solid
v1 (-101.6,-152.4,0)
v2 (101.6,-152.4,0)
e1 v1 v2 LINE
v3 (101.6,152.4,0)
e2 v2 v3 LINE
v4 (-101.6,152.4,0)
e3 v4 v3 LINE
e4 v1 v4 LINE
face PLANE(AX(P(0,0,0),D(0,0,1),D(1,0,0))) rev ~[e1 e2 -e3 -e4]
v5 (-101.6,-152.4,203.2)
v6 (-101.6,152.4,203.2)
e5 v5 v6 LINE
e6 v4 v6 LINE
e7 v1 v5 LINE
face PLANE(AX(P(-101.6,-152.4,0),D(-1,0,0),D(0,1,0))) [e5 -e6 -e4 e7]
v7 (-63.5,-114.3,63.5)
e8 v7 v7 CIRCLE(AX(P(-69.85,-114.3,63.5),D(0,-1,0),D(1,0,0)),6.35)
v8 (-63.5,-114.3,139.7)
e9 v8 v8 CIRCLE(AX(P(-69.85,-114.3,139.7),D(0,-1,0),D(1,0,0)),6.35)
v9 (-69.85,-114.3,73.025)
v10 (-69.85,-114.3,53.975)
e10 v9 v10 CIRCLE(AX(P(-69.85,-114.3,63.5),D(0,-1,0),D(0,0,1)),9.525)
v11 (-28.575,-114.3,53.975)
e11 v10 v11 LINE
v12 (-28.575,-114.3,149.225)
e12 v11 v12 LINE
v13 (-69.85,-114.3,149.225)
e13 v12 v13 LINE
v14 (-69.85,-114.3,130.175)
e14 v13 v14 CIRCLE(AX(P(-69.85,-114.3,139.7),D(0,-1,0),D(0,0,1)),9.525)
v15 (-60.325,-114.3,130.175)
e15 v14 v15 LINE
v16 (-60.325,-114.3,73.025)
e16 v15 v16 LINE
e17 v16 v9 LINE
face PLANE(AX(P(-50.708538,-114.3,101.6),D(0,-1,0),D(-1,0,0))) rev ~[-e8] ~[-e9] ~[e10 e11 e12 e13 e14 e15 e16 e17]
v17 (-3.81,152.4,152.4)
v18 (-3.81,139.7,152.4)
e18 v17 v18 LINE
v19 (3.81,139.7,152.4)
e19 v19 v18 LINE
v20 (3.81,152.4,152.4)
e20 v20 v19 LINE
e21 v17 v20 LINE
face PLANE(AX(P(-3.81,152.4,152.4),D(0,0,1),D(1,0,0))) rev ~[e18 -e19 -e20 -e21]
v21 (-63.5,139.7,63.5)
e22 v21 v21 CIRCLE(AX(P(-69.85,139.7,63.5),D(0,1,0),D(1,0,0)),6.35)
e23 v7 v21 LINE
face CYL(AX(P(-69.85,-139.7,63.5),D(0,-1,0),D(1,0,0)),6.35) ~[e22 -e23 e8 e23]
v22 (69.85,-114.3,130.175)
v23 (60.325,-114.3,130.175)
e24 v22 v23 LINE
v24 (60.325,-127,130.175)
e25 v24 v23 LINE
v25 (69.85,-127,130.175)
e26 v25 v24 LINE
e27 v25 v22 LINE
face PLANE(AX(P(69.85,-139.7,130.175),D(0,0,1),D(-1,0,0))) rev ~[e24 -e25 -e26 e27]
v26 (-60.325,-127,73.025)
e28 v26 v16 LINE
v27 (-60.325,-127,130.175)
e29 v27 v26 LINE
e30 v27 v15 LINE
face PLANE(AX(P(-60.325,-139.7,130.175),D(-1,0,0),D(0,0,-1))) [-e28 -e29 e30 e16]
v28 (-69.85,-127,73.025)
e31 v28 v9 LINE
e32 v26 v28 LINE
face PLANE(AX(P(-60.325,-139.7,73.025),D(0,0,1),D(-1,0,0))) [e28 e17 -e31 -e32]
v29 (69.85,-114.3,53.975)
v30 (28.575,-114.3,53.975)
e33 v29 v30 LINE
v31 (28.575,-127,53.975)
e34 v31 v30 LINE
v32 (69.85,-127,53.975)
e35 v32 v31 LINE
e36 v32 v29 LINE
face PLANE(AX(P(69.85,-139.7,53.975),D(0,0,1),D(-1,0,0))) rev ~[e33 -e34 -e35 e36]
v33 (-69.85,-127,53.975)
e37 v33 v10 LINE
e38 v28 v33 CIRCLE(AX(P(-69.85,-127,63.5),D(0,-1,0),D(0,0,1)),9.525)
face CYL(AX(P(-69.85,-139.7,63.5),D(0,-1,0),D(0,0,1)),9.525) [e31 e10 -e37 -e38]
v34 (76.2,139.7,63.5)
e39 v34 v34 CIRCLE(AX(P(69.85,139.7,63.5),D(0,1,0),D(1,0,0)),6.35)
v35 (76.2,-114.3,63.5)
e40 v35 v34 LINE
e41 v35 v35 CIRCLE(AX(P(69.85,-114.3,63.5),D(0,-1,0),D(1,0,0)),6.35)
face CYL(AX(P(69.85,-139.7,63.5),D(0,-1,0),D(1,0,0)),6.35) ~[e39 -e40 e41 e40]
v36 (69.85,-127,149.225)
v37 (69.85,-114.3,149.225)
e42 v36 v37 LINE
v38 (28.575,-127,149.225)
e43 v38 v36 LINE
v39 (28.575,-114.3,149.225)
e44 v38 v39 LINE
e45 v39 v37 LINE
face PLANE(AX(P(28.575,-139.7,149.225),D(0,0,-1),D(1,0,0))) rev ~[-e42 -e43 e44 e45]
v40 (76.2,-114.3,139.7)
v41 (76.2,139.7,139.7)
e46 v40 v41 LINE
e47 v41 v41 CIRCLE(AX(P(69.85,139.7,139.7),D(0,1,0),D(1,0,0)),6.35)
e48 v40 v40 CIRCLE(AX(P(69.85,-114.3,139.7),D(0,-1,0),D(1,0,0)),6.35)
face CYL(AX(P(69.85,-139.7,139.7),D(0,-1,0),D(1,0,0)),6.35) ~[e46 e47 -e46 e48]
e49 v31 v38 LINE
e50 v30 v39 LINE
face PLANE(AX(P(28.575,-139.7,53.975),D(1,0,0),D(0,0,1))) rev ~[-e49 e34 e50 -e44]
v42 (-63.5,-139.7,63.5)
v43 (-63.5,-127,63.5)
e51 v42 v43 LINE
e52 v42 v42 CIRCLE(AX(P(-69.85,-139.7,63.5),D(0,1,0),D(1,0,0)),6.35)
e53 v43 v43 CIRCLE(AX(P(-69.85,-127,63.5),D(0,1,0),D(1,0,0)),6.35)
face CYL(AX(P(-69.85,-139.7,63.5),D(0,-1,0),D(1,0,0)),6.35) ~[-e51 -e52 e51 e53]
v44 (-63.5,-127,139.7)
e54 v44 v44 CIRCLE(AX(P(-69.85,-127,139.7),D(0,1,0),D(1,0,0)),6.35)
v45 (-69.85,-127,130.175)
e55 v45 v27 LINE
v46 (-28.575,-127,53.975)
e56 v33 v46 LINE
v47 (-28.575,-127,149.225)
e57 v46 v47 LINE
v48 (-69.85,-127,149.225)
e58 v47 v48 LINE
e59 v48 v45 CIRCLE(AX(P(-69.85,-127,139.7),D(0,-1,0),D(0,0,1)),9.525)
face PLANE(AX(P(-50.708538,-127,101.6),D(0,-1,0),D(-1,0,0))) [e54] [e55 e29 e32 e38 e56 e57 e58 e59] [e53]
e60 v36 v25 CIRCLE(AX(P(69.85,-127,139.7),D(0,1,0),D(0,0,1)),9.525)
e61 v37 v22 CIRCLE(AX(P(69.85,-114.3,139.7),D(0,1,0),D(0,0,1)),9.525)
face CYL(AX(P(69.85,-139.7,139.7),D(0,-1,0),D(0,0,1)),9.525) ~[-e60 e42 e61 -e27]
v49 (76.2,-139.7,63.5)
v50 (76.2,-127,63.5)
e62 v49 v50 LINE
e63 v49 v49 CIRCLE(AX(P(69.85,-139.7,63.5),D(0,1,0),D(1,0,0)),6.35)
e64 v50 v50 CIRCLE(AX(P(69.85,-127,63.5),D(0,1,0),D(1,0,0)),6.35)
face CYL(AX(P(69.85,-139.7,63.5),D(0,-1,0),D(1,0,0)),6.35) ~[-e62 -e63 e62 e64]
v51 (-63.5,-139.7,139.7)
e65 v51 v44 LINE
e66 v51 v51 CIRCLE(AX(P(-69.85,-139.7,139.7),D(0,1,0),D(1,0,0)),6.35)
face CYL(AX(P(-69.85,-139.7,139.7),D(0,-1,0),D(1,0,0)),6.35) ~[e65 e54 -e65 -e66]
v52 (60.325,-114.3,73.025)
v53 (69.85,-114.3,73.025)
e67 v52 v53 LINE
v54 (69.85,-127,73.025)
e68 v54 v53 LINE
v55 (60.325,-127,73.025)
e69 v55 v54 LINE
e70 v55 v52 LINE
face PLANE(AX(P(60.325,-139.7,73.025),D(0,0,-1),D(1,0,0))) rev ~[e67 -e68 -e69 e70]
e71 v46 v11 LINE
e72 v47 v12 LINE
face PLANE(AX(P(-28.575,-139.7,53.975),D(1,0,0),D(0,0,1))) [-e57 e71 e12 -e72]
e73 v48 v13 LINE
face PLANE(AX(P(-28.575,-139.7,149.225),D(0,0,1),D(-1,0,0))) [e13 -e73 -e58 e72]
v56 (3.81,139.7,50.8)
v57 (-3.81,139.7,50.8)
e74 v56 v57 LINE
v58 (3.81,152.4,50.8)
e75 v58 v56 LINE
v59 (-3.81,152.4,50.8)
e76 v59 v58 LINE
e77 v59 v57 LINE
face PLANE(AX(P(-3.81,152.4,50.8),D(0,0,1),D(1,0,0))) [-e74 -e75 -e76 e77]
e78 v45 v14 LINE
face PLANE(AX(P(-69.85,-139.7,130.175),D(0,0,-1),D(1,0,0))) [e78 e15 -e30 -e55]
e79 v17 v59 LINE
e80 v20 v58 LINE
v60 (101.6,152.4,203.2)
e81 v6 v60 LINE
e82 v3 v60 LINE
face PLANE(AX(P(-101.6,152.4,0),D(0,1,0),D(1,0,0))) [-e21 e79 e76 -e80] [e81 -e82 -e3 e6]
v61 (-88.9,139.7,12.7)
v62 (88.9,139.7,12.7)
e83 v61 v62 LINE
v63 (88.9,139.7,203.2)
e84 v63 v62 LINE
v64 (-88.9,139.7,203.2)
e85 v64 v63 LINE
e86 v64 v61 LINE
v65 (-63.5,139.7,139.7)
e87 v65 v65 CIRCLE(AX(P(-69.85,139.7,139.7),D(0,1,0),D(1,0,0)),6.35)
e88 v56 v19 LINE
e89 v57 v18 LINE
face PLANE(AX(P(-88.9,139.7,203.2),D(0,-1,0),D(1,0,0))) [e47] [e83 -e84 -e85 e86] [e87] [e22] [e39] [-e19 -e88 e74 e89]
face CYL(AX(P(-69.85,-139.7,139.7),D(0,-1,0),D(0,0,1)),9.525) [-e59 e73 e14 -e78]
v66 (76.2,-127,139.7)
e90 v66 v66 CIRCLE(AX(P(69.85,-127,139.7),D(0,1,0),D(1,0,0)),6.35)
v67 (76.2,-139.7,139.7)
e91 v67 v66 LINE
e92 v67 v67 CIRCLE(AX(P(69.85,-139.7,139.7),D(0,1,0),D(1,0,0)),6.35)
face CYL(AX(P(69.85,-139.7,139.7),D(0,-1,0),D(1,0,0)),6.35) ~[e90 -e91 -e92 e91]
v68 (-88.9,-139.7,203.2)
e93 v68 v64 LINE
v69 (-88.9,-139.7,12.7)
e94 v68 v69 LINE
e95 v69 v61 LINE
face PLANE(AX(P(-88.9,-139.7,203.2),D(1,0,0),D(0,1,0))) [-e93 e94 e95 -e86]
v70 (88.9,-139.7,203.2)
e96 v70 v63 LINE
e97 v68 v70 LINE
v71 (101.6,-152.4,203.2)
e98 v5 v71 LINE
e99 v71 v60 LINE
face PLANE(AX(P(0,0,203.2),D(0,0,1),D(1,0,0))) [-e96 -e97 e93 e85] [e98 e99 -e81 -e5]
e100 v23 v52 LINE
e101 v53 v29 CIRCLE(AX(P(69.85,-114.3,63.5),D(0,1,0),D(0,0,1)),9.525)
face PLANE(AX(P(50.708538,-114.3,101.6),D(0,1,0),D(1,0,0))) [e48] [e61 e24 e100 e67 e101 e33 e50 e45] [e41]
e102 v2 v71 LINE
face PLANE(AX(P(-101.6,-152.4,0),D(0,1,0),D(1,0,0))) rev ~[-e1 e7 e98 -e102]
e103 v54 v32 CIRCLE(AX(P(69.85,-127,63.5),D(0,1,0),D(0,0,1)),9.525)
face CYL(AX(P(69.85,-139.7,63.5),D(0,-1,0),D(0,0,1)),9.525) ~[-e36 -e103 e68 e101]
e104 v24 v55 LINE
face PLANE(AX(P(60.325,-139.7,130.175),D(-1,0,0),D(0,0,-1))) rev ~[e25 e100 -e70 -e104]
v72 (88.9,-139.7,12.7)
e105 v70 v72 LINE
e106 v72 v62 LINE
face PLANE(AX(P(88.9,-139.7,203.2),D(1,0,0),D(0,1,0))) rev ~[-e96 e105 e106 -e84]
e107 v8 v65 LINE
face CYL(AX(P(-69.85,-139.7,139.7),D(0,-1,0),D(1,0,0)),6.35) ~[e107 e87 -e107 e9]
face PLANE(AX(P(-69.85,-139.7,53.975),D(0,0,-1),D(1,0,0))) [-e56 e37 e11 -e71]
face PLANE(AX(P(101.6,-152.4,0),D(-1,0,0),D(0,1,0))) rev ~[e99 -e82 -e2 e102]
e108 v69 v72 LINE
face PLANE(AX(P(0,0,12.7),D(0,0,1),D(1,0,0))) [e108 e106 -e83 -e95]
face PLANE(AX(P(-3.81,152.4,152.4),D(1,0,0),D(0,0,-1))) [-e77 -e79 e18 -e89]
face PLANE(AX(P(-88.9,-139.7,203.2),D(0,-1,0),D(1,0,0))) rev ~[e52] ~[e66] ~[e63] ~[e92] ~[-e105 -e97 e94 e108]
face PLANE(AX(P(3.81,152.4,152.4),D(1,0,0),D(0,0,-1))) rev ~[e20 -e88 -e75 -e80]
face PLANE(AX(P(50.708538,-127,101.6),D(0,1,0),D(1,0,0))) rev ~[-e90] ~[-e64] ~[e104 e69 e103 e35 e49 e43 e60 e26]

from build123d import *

# Parameters (mm, degrees)
SKETCH1_W           = 203.2
SKETCH1_H           = 304.8
BOSS_EXTRUDE1_DEPTH = 203.2
SKETCH2_W           = 177.8
SKETCH2_H           = 279.4
CUT_EXTRUDE1_DEPTH  = 190.5
SKETCH3_W           = 7.62
SKETCH3_H           = 101.6
CUT_EXTRUDE2_DEPTH  = 190.5
SKETCH4_R           = 6.35
BOSS_EXTRUDE2_DEPTH = 279.4
BOSS_EXTRUDE3_DEPTH = 25.4
CUT_EXTRUDE3_DEPTH  = 12.7
SKETCH4_2_R         = 6.35
BOSS_EXTRUDE5_DEPTH = 12.7


with BuildPart() as part:
    # Sketch1 → Boss-Extrude1 (new body)
    with BuildSketch(Plane.XY):
        Rectangle(SKETCH1_W, SKETCH1_H)
    extrude(amount=BOSS_EXTRUDE1_DEPTH)

    # Sketch2 → Cut-Extrude1 (cut)
    with BuildSketch(Plane.XY.offset(203.2)):
        Rectangle(SKETCH2_W, SKETCH2_H)
    extrude(amount=-CUT_EXTRUDE1_DEPTH, mode=Mode.SUBTRACT)

    # Sketch3 → Cut-Extrude2 (cut)
    with BuildSketch(Plane(origin=(0, 152.4, 0), x_dir=(1, 0, 0), z_dir=(0, 1, 0))):
        with Locations((0, -101.6)):
            Rectangle(SKETCH3_W, SKETCH3_H)
    extrude(amount=-CUT_EXTRUDE2_DEPTH, mode=Mode.SUBTRACT)

    # Sketch4 → Boss-Extrude2 (add)
    with BuildSketch(Plane(origin=(0, -139.7, 0), x_dir=(1, 0, 0), z_dir=(0, 1, 0))):
        with Locations((-69.85, -63.5)):
            Circle(SKETCH4_R)
        with Locations((69.85, -63.5)):
            Circle(SKETCH4_R)
        with Locations((69.85, -139.7)):
            Circle(SKETCH4_R)
        with Locations((-69.85, -139.7)):
            Circle(SKETCH4_R)
    extrude(amount=BOSS_EXTRUDE2_DEPTH)

    # Sketch7 → Boss-Extrude3 (add)
    with BuildSketch(Plane(origin=(0, -139.7, 0), x_dir=(1, 0, 0), z_dir=(0, 1, 0))):
        with BuildLine():
            Line((-69.85, -53.975), (-60.325, -53.975))
            Line((-60.325, -53.975), (-28.575, -53.975))
            Line((-28.575, -53.975), (-28.575, -149.225))
            Line((-28.575, -149.225), (-60.325, -149.225))
            Line((-60.325, -149.225), (-69.85, -149.225))
            ThreePointArc((-69.85, -149.225), (-79.375, -139.7), (-69.85, -130.175))
            Line((-69.85, -130.175), (-60.325, -130.175))
            Line((-60.325, -130.175), (-60.325, -73.025))
            Line((-60.325, -73.025), (-69.85, -73.025))
            ThreePointArc((-69.85, -73.025), (-79.375, -63.5), (-69.85, -53.975))
        make_face()
        with BuildLine():
            Line((60.325, -53.975), (28.575, -53.975))
            Line((28.575, -53.975), (28.575, -149.225))
            Line((28.575, -149.225), (60.325, -149.225))
            Line((60.325, -149.225), (69.85, -149.225))
            ThreePointArc((69.85, -149.225), (79.375, -139.7), (69.85, -130.175))
            Line((69.85, -130.175), (60.325, -130.175))
            Line((60.325, -130.175), (60.325, -73.025))
            Line((60.325, -73.025), (69.85, -73.025))
            ThreePointArc((69.85, -73.025), (79.375, -63.5), (69.85, -53.975))
            Line((69.85, -53.975), (60.325, -53.975))
        make_face()
    extrude(amount=BOSS_EXTRUDE3_DEPTH)

    # Sketch7_4 → Cut-Extrude3 (cut)
    with BuildSketch(Plane(origin=(0, -139.7, 0), x_dir=(1, 0, 0), z_dir=(0, 1, 0))):
        with BuildLine():
            Line((-69.85, -53.975), (-60.325, -53.975))
            Line((-60.325, -53.975), (-28.575, -53.975))
            Line((-28.575, -53.975), (-28.575, -149.225))
            Line((-28.575, -149.225), (-60.325, -149.225))
            Line((-60.325, -149.225), (-69.85, -149.225))
            ThreePointArc((-69.85, -149.225), (-79.375, -139.7), (-69.85, -130.175))
            Line((-69.85, -130.175), (-60.325, -130.175))
            Line((-60.325, -130.175), (-60.325, -73.025))
            Line((-60.325, -73.025), (-69.85, -73.025))
            ThreePointArc((-69.85, -73.025), (-79.375, -63.5), (-69.85, -53.975))
        make_face()
        with BuildLine():
            Line((60.325, -53.975), (28.575, -53.975))
            Line((28.575, -53.975), (28.575, -149.225))
            Line((28.575, -149.225), (60.325, -149.225))
            Line((60.325, -149.225), (69.85, -149.225))
            ThreePointArc((69.85, -149.225), (79.375, -139.7), (69.85, -130.175))
            Line((69.85, -130.175), (60.325, -130.175))
            Line((60.325, -130.175), (60.325, -73.025))
            Line((60.325, -73.025), (69.85, -73.025))
            ThreePointArc((69.85, -73.025), (79.375, -63.5), (69.85, -53.975))
            Line((69.85, -53.975), (60.325, -53.975))
        make_face()
    extrude(amount=CUT_EXTRUDE3_DEPTH, mode=Mode.SUBTRACT)

    # Sketch4_2 → Boss-Extrude5 (add)
    with BuildSketch(Plane(origin=(0, -139.7, 0), x_dir=(1, 0, 0), z_dir=(0, 1, 0))):
        with Locations((-69.85, -63.5)):
            Circle(SKETCH4_2_R)
        with Locations((69.85, -63.5)):
            Circle(SKETCH4_2_R)
        with Locations((69.85, -139.7)):
            Circle(SKETCH4_2_R)
        with Locations((-69.85, -139.7)):
            Circle(SKETCH4_2_R)
    extrude(amount=BOSS_EXTRUDE5_DEPTH)


solid = part.part
